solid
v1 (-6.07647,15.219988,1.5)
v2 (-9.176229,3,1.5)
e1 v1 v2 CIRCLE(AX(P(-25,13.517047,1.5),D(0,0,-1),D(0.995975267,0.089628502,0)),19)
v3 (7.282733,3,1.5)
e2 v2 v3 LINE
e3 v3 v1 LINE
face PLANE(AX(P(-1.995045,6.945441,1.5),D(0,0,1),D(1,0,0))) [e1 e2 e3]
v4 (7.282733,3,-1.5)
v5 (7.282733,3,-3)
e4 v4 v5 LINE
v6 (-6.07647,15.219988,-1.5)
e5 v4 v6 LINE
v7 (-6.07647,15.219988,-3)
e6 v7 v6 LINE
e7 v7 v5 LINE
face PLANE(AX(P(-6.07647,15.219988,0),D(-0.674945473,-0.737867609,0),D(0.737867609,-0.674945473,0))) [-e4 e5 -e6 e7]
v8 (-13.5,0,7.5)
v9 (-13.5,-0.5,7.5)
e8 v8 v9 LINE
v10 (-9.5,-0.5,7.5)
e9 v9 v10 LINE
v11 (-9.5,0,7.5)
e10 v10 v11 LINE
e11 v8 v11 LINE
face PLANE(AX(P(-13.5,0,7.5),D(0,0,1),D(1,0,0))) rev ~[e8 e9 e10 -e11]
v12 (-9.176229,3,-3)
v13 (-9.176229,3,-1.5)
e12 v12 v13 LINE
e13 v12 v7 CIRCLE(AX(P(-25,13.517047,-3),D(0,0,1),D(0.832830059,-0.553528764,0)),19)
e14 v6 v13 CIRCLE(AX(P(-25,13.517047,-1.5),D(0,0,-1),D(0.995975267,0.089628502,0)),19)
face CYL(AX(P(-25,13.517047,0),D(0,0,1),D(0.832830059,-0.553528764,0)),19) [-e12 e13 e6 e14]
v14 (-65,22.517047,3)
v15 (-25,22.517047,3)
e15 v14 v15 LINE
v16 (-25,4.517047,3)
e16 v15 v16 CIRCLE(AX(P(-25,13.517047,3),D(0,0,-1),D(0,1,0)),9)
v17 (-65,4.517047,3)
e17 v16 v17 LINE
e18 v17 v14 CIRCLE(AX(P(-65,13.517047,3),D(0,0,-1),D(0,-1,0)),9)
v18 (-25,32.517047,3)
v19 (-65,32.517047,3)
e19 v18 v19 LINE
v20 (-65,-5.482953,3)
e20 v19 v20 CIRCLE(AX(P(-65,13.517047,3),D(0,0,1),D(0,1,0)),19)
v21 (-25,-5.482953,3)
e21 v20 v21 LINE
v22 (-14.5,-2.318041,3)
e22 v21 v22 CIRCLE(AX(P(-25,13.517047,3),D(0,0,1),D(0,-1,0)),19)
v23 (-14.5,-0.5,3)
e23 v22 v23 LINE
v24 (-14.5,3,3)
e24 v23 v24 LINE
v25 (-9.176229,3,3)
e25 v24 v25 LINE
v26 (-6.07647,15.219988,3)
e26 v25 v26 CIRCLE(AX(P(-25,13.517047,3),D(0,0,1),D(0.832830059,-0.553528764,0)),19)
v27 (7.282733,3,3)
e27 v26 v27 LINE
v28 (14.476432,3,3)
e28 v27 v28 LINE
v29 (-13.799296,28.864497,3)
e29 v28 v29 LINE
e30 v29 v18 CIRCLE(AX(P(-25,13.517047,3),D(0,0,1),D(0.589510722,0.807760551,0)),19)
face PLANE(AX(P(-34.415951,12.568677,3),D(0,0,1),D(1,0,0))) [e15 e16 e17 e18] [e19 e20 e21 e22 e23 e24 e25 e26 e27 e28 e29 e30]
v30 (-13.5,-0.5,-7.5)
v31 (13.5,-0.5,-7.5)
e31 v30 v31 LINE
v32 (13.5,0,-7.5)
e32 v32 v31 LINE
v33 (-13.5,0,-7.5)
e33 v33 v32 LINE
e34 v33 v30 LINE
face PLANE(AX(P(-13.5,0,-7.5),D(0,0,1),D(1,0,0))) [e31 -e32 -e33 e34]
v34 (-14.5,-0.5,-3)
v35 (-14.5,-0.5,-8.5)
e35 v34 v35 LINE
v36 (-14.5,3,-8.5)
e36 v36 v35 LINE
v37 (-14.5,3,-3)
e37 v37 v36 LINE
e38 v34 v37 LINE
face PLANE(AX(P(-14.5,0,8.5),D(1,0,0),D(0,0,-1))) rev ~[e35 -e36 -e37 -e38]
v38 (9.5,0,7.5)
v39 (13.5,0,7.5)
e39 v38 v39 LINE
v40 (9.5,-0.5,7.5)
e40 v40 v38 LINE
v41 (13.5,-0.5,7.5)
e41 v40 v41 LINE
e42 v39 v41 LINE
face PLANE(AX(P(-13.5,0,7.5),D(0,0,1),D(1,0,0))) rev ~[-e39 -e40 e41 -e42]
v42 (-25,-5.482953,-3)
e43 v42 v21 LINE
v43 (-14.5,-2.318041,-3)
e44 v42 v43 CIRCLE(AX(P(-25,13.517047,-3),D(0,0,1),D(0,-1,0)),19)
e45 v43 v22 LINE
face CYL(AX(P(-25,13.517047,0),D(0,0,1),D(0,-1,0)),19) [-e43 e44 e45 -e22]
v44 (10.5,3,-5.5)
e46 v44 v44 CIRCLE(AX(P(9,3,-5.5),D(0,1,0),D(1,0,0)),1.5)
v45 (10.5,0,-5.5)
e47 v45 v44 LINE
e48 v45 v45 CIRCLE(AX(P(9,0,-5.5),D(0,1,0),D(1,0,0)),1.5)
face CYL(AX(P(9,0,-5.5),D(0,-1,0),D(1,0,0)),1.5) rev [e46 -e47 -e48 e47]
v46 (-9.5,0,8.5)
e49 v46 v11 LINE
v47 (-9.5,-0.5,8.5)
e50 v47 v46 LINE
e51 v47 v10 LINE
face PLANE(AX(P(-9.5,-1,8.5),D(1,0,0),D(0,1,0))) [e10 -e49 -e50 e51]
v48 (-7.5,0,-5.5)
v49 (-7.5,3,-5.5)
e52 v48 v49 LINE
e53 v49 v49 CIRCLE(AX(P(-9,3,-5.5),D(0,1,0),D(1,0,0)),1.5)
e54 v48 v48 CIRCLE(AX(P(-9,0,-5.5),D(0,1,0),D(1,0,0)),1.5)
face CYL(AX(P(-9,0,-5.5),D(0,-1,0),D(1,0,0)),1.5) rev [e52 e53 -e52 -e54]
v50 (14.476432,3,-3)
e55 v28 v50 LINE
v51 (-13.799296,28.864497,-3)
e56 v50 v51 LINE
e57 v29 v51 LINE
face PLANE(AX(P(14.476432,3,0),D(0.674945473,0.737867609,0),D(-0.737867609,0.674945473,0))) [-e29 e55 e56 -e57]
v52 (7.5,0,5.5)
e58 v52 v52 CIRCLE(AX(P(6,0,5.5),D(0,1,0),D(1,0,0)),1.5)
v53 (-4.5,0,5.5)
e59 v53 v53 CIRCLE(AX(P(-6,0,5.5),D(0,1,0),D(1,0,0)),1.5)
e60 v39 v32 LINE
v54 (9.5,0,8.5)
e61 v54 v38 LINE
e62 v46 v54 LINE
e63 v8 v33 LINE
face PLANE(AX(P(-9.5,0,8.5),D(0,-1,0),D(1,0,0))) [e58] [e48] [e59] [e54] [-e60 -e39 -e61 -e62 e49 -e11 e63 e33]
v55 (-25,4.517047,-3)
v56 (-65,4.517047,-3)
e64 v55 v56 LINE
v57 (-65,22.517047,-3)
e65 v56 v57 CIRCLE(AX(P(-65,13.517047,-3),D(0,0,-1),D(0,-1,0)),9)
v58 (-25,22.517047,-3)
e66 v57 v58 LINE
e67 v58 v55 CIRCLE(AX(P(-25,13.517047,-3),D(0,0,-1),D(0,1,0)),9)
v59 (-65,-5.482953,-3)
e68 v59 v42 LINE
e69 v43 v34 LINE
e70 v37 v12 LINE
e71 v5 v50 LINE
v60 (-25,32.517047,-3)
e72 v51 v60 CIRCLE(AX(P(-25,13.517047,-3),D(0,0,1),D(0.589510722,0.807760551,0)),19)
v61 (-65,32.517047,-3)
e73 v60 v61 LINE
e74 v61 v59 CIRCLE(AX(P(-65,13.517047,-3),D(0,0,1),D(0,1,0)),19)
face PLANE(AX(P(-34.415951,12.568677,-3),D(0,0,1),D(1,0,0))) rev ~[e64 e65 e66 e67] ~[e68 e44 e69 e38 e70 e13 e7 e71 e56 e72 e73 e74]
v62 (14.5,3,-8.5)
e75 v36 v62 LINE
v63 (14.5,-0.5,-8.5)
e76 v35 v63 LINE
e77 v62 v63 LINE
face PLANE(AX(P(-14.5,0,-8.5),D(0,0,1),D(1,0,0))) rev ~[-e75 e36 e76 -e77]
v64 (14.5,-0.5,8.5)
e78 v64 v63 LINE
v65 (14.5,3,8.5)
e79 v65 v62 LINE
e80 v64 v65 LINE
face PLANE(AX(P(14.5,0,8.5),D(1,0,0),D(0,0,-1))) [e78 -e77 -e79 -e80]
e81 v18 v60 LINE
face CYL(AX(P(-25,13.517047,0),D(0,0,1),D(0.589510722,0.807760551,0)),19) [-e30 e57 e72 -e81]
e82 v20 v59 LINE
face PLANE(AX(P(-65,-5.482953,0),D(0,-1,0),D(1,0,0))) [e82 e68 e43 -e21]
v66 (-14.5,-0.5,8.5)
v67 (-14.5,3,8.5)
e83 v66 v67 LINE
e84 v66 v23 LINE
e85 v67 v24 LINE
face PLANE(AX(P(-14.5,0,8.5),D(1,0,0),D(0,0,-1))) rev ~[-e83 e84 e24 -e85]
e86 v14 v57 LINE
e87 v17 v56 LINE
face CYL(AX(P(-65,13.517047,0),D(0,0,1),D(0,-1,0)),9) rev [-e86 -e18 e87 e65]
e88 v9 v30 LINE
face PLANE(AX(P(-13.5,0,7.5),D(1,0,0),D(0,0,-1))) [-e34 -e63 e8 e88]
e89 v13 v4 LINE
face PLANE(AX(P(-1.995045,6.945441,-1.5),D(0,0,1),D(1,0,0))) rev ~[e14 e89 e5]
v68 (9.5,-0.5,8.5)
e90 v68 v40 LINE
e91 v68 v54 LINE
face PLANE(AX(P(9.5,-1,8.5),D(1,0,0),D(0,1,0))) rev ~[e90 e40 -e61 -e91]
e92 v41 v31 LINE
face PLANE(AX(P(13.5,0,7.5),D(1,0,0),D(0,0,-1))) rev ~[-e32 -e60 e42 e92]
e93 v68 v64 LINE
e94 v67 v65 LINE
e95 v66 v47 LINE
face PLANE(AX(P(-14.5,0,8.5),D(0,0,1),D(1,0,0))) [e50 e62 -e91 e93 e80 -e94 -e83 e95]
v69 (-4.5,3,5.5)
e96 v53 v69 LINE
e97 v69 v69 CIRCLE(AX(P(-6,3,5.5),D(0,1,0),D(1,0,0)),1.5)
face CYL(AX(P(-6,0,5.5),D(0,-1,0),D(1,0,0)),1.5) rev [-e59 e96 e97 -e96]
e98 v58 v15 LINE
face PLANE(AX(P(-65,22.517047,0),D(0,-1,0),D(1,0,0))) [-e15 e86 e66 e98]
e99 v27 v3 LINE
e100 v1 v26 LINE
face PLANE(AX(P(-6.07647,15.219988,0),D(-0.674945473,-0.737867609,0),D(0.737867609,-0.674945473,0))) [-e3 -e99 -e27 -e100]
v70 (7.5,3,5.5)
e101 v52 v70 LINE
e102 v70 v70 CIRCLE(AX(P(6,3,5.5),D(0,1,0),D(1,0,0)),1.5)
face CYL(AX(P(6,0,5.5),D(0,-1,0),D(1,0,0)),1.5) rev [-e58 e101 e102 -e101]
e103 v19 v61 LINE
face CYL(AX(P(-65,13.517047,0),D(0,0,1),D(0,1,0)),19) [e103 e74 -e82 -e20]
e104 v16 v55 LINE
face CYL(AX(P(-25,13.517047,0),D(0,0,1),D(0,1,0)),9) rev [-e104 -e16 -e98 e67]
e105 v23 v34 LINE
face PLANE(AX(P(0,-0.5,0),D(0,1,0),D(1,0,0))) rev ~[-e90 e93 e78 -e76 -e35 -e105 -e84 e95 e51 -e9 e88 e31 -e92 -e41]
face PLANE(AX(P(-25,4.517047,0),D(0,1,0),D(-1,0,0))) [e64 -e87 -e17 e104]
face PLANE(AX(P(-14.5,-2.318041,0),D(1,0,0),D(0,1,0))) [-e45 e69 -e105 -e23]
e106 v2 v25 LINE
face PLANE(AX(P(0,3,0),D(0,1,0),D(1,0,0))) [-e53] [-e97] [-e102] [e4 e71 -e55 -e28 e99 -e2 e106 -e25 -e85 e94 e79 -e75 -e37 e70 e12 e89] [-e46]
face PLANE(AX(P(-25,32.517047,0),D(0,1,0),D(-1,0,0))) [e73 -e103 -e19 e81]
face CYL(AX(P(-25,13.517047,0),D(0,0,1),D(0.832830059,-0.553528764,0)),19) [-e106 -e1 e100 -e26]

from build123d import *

# Parameters (mm, degrees)
SKETCH1_W           = 29
SKETCH1_H           = 17
SKETCH1_R           = 1.5
BOSS_EXTRUDE1_DEPTH = 3
SKETCH1_3_W         = 29
SKETCH1_3_H         = 17
SKETCH1_3_W_2       = 27
SKETCH1_3_H_2       = 15
BOSS_EXTRUDE2_DEPTH = 0.5
SKETCH3_W           = 19
SKETCH3_H           = 1
CUT_EXTRUDE1_DEPTH  = 6
BOSS_EXTRUDE3_DEPTH = 3
BOSS_EXTRUDE4_DEPTH = 1.5


with BuildPart() as part:
    # Sketch1 → Boss-Extrude1 (new body)
    with BuildSketch(Plane(origin=(0, 0, 0), x_dir=(1, 0, 0), z_dir=(0, 1, 0))):
        Rectangle(SKETCH1_W, SKETCH1_H)
        with Locations((-6, -5.5)):
            Circle(SKETCH1_R, mode=Mode.SUBTRACT)
        with Locations((6, -5.5)):
            Circle(SKETCH1_R, mode=Mode.SUBTRACT)
        with Locations((-9, 5.5)):
            Circle(SKETCH1_R, mode=Mode.SUBTRACT)
        with Locations((9, 5.5)):
            Circle(SKETCH1_R, mode=Mode.SUBTRACT)
    extrude(amount=BOSS_EXTRUDE1_DEPTH)

    # Sketch1<3> → Boss-Extrude2 (add)
    with BuildSketch(Plane(origin=(0, 0, 0), x_dir=(1, 0, 0), z_dir=(0, 1, 0))):
        Rectangle(SKETCH1_3_W, SKETCH1_3_H)
        Rectangle(SKETCH1_3_W_2, SKETCH1_3_H_2, mode=Mode.SUBTRACT)
    extrude(amount=-BOSS_EXTRUDE2_DEPTH)

    # Sketch3 → Cut-Extrude1 (cut)
    with BuildSketch(Plane.XY.offset(8.5)):
        with Locations((0, -0.5)):
            Rectangle(SKETCH3_W, SKETCH3_H)
    extrude(amount=-CUT_EXTRUDE1_DEPTH, mode=Mode.SUBTRACT)

    # Sketch4 → Boss-Extrude3 (add, symmetric)
    with BuildSketch(Plane.XY):
        with BuildLine():
            Line((-65, -5.482953492), (-25, -5.482953492))
            ThreePointArc((-25, -5.482953492), (-19.516691912, -4.674526607), (-14.5, -2.318041114))
            Line((-14.5, -2.318041114), (-14.5, 3))
            Line((-14.5, 3), (-9.176228871, 3))
            ThreePointArc((-9.176228871, 3), (-6.583274937, 8.845404617), (-6.076469935, 15.219988049))
            Line((-6.076469935, 15.219988049), (7.282732748, 3))
            Line((7.282732748, 3), (14.476431663, 3))
            Line((14.476431663, 3), (-13.79929628, 28.864496986))
            ThreePointArc((-13.79929628, 28.864496986), (-19.109395578, 31.580843992), (-25, 32.517046508))
            Line((-25, 32.517046508), (-65, 32.517046508))
            ThreePointArc((-65, 32.517046508), (-84, 13.517046508), (-65, -5.482953492))
        make_face()
        with BuildLine():
            ThreePointArc((-25, 22.517046508), (-16, 13.517046508), (-25, 4.517046508))
            Line((-25, 4.517046508), (-65, 4.517046508))
            ThreePointArc((-65, 4.517046508), (-74, 13.517046508), (-65, 22.517046508))
            Line((-65, 22.517046508), (-25, 22.517046508))
        make_face(mode=Mode.SUBTRACT)
    extrude(amount=BOSS_EXTRUDE3_DEPTH, both=True)

    # Sketch4<3> → Boss-Extrude4 (add, symmetric)
    with BuildSketch(Plane.XY):
        with BuildLine():
            ThreePointArc((-6.076469935, 15.219988049), (-6.583274937, 8.845404617), (-9.176228871, 3))
            Line((-9.176228871, 3), (7.282732748, 3))
            Line((7.282732748, 3), (-6.076469935, 15.219988049))
        make_face()
    extrude(amount=BOSS_EXTRUDE4_DEPTH, both=True)


solid = part.part
